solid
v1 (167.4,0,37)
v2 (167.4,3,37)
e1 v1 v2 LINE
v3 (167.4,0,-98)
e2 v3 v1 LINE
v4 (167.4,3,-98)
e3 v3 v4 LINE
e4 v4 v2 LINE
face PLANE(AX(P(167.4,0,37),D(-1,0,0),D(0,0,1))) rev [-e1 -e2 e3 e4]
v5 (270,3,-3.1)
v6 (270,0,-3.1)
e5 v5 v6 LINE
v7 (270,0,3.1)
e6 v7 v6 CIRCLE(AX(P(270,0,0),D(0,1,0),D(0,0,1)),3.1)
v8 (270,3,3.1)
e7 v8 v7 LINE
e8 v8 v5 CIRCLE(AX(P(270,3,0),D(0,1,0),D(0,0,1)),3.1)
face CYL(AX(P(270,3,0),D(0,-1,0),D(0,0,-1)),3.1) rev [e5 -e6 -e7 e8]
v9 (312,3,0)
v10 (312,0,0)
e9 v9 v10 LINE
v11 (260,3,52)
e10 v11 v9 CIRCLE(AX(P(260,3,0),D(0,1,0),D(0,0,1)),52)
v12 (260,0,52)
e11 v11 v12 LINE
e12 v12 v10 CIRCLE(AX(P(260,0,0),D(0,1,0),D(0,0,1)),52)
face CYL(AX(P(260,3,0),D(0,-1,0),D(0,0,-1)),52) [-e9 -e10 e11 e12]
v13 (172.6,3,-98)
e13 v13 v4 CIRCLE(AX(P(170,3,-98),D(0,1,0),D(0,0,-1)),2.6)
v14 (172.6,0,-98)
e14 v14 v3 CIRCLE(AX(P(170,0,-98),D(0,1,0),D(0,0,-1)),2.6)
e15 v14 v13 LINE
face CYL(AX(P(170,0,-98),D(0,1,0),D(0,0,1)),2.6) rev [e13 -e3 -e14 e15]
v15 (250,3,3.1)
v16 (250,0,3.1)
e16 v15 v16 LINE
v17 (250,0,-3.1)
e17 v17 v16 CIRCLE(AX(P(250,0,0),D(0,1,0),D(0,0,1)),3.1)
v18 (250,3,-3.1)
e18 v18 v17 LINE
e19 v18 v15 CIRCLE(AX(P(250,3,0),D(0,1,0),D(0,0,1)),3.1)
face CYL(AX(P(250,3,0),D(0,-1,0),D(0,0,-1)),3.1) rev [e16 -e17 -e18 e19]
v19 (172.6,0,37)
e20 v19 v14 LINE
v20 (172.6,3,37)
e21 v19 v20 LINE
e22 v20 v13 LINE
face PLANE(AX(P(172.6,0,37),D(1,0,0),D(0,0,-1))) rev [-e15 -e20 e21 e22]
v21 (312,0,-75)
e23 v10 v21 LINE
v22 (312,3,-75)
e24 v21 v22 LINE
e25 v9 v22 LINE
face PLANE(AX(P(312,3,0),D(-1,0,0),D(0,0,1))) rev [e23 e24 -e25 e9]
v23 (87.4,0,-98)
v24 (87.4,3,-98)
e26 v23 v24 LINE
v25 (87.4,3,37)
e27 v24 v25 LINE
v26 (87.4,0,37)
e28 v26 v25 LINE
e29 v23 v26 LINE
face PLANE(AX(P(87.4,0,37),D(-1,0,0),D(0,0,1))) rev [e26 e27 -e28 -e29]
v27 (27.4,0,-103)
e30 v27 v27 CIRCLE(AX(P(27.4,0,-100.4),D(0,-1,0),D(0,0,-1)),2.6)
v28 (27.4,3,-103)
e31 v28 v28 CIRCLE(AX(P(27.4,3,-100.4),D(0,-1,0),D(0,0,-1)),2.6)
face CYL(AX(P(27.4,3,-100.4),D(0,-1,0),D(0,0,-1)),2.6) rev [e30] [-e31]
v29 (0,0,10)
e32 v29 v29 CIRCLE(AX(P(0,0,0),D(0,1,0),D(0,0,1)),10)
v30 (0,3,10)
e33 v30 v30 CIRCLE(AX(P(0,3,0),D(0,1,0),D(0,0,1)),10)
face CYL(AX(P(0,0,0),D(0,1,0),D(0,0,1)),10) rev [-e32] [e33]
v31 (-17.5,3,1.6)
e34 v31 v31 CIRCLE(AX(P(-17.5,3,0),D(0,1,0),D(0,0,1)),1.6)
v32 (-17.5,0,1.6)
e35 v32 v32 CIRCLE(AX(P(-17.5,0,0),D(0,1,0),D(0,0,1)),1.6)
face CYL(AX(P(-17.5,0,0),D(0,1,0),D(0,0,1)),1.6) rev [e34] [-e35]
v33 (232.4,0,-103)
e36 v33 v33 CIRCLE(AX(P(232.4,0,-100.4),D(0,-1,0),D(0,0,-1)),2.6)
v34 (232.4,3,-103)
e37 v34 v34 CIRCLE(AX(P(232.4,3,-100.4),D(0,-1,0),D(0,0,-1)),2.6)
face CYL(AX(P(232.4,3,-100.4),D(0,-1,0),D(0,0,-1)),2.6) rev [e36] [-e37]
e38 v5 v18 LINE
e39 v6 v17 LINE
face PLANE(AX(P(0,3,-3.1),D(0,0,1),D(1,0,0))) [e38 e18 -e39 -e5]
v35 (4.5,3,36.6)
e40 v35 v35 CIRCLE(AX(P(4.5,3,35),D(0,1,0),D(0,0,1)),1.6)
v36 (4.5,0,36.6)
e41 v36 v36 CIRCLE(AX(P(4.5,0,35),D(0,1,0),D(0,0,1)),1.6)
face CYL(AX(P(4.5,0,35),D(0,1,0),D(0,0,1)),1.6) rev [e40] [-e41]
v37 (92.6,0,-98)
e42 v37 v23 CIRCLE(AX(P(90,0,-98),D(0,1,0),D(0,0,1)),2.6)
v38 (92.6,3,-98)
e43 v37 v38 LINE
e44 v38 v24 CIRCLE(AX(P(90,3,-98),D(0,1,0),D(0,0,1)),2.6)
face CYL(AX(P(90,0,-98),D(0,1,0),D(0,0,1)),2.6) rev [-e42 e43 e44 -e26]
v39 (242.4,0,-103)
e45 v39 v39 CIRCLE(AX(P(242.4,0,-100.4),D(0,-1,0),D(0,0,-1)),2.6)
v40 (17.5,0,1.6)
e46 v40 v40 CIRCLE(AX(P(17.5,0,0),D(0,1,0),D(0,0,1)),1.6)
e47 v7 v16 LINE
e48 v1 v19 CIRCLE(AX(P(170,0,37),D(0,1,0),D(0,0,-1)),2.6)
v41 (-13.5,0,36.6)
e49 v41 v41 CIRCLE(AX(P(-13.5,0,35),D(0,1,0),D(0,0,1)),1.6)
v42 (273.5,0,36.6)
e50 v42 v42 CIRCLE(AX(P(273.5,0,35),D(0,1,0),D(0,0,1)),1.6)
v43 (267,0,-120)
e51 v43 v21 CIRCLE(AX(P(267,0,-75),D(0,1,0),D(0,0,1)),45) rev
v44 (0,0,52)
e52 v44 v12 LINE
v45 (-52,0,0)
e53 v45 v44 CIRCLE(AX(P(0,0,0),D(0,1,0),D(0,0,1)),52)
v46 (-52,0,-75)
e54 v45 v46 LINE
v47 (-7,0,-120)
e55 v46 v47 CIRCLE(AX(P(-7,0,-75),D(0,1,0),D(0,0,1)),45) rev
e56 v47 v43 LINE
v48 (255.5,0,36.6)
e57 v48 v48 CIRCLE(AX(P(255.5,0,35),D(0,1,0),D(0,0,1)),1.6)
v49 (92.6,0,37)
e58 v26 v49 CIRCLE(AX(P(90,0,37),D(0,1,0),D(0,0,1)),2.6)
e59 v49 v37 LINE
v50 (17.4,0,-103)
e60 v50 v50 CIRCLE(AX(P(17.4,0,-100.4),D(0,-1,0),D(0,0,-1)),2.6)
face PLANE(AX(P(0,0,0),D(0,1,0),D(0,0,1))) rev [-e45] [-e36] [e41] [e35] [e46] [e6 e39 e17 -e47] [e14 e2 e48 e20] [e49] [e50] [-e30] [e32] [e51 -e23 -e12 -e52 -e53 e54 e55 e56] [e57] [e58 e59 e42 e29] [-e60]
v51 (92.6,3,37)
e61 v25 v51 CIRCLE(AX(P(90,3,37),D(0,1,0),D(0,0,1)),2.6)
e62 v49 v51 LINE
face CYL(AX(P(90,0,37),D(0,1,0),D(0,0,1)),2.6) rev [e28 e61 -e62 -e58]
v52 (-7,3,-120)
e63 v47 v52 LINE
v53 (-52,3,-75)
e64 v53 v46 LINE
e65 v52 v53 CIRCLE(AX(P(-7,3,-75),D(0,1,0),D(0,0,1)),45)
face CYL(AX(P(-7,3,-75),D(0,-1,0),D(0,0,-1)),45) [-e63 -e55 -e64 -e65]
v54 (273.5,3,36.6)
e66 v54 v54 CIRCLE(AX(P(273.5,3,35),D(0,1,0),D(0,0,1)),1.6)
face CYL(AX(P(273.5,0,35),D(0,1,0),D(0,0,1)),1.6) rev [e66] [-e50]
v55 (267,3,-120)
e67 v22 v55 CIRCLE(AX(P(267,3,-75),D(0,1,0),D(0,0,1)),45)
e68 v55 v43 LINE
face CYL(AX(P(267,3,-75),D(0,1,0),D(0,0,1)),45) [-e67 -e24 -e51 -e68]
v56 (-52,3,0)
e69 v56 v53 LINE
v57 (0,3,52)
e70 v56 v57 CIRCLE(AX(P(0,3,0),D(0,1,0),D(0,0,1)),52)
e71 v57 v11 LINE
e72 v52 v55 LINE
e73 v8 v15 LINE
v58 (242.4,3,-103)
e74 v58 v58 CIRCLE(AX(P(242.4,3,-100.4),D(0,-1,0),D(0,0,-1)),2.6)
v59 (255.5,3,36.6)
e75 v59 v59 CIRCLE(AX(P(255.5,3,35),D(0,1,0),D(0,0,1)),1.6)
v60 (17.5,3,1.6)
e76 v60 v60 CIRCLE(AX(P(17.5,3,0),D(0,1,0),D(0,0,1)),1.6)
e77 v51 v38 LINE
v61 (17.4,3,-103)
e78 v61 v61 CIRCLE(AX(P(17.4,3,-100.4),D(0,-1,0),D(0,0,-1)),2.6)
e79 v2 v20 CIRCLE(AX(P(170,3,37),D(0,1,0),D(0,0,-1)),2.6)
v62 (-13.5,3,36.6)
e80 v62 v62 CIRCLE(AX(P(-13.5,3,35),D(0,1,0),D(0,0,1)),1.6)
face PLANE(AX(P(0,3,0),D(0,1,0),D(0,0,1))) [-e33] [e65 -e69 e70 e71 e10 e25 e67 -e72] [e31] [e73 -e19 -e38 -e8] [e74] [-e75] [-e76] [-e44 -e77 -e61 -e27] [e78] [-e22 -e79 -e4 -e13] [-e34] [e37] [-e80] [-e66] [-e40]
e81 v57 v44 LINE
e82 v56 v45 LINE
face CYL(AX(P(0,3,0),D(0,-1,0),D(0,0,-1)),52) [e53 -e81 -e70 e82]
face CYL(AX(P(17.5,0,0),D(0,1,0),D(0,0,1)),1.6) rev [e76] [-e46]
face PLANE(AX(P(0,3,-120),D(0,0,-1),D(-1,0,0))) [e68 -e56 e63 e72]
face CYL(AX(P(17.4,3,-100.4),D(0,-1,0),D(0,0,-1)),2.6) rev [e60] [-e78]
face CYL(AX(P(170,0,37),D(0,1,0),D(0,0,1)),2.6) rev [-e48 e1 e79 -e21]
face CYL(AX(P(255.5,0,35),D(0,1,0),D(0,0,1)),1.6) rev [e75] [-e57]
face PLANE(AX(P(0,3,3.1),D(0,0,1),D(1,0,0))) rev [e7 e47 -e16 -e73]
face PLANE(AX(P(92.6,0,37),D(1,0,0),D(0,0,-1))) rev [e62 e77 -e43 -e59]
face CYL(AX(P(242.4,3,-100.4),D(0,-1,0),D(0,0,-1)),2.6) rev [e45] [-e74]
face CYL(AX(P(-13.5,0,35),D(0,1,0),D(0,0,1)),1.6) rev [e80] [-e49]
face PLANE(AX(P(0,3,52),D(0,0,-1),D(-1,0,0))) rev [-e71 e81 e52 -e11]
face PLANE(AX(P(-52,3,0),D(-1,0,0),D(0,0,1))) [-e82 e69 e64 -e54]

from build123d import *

# Parameters (mm, degrees)
SKETCH1_R           = 3.1
BOSS_EXTRUDE1_DEPTH = 3
CUT_EXTRUDE1_DEPTH  = 335.294780097
FILLET1_R           = 45
SKETCH3_R           = 10
CUT_EXTRUDE2_DEPTH  = 335.294780097
SKETCH4_R           = 2.6
CUT_EXTRUDE3_DEPTH  = 335.294780097
SKETCH5_R           = 1.6
CUT_EXTRUDE4_DEPTH  = 335.294780097
SKETCH6_R           = 1.6
CUT_EXTRUDE5_DEPTH  = 335.294780097


with BuildPart() as part:
    # Sketch1 → Boss-Extrude1 (new body)
    # profile 1 of 2: a face of its own
    with BuildSketch(Plane(origin=(0, 0, 0), x_dir=(1, 0, 0), z_dir=(0, 1, 0))):
        with BuildLine():
            Line((0, -52), (260, -52))
            ThreePointArc((260, -52), (312, 0), (260, 52))
            Line((260, 52), (0, 52))
            ThreePointArc((0, 52), (-52, 0), (0, -52))
        make_face()
        with Locations(Location((0, 0, 0), (0, 0, 270))):
            Circle(SKETCH1_R, mode=Mode.SUBTRACT)
        with BuildLine():
            ThreePointArc((250, 3.1), (246.9, 0), (250, -3.1))
            Line((250, -3.1), (270, -3.1))
            ThreePointArc((270, -3.1), (273.1, 0), (270, 3.1))
            Line((270, 3.1), (250, 3.1))
        make_face(mode=Mode.SUBTRACT)
    # profile 2 of 2: a face of its own
    with BuildSketch(Plane(origin=(0, 0, 0), x_dir=(1, 0, 0), z_dir=(0, 1, 0))):
        with BuildLine():
            ThreePointArc((-52, 0), (-36.769552622, 36.769552622), (0, 52))
            Line((0, 52), (260, 52))
            ThreePointArc((260, 52), (296.769552622, 36.769552622), (312, 0))
            Line((312, 0), (312, 120))
            Line((312, 120), (-52, 120))
            Line((-52, 120), (-52, 0))
        make_face()
    extrude(amount=BOSS_EXTRUDE1_DEPTH)

    # Sketch2 → Cut-Extrude1 (cut, through all)
    with BuildSketch(Plane(origin=(0, 3, 0), x_dir=(1, 0, 0), z_dir=(0, 1, 0))):
        with BuildLine():
            Line((87.4, -37), (87.4, 98))
            ThreePointArc((87.4, 98), (90, 100.6), (92.6, 98))
            Line((92.6, 98), (92.6, -37))
            ThreePointArc((92.6, -37), (90, -39.6), (87.4, -37))
        make_face()
        with BuildLine():
            Line((172.6, -37), (172.6, 98))
            ThreePointArc((172.6, 98), (170, 100.6), (167.4, 98))
            Line((167.4, 98), (167.4, -37))
            ThreePointArc((167.4, -37), (170, -39.6), (172.6, -37))
        make_face()
    extrude(amount=-CUT_EXTRUDE1_DEPTH, mode=Mode.SUBTRACT)

    # Fillet1
    fillet1_edges = [part.edges().sort_by_distance(p)[0] for p in [
        (-52, 1.5, -120),
        (312, 1.5, -120),
    ]]
    fillet(fillet1_edges, radius=FILLET1_R)

    # Sketch3 → Cut-Extrude2 (cut, through all)
    with BuildSketch(Plane(origin=(0, 3, 0), x_dir=(1, 0, 0), z_dir=(0, 1, 0))):
        with Locations(Location((0, 0, 0), (0, 0, 270))):
            Circle(SKETCH3_R)
    extrude(amount=-CUT_EXTRUDE2_DEPTH, mode=Mode.SUBTRACT)

    # Sketch4 → Cut-Extrude3 (cut, through all)
    with BuildSketch(Plane.XZ):
        with Locations(Location((17.4, -100.4, 0), (0, 0, 270))):
            Circle(SKETCH4_R)
        with Locations(Location((27.4, -100.4, 0), (0, 0, 270))):
            Circle(SKETCH4_R)
        with Locations(Location((232.4, -100.4, 0), (0, 0, 270))):
            Circle(SKETCH4_R)
        with Locations(Location((242.4, -100.4, 0), (0, 0, 270))):
            Circle(SKETCH4_R)
    extrude(amount=-CUT_EXTRUDE3_DEPTH, mode=Mode.SUBTRACT)

    # Sketch5 → Cut-Extrude4 (cut, through all)
    with BuildSketch(Plane(origin=(0, 3, 0), x_dir=(1, 0, 0), z_dir=(0, 1, 0))):
        with Locations(Location((-17.5, 0, 0), (0, 0, 270))):
            Circle(SKETCH5_R)
        with Locations(Location((17.5, 0, 0), (0, 0, 270))):
            Circle(SKETCH5_R)
    extrude(amount=-CUT_EXTRUDE4_DEPTH, mode=Mode.SUBTRACT)

    # Sketch6 → Cut-Extrude5 (cut, through all)
    with BuildSketch(Plane(origin=(0, 3, 0), x_dir=(1, 0, 0), z_dir=(0, 1, 0))):
        with Locations(Location((-13.5, -35, 0), (0, 0, 270))):
            Circle(SKETCH6_R)
        with Locations(Location((4.5, -35, 0), (0, 0, 270))):
            Circle(SKETCH6_R)
        with Locations(Location((255.5, -35, 0), (0, 0, 270))):
            Circle(SKETCH6_R)
        with Locations(Location((273.5, -35, 0), (0, 0, 270))):
            Circle(SKETCH6_R)
    extrude(amount=-CUT_EXTRUDE5_DEPTH, mode=Mode.SUBTRACT)


solid = part.part
